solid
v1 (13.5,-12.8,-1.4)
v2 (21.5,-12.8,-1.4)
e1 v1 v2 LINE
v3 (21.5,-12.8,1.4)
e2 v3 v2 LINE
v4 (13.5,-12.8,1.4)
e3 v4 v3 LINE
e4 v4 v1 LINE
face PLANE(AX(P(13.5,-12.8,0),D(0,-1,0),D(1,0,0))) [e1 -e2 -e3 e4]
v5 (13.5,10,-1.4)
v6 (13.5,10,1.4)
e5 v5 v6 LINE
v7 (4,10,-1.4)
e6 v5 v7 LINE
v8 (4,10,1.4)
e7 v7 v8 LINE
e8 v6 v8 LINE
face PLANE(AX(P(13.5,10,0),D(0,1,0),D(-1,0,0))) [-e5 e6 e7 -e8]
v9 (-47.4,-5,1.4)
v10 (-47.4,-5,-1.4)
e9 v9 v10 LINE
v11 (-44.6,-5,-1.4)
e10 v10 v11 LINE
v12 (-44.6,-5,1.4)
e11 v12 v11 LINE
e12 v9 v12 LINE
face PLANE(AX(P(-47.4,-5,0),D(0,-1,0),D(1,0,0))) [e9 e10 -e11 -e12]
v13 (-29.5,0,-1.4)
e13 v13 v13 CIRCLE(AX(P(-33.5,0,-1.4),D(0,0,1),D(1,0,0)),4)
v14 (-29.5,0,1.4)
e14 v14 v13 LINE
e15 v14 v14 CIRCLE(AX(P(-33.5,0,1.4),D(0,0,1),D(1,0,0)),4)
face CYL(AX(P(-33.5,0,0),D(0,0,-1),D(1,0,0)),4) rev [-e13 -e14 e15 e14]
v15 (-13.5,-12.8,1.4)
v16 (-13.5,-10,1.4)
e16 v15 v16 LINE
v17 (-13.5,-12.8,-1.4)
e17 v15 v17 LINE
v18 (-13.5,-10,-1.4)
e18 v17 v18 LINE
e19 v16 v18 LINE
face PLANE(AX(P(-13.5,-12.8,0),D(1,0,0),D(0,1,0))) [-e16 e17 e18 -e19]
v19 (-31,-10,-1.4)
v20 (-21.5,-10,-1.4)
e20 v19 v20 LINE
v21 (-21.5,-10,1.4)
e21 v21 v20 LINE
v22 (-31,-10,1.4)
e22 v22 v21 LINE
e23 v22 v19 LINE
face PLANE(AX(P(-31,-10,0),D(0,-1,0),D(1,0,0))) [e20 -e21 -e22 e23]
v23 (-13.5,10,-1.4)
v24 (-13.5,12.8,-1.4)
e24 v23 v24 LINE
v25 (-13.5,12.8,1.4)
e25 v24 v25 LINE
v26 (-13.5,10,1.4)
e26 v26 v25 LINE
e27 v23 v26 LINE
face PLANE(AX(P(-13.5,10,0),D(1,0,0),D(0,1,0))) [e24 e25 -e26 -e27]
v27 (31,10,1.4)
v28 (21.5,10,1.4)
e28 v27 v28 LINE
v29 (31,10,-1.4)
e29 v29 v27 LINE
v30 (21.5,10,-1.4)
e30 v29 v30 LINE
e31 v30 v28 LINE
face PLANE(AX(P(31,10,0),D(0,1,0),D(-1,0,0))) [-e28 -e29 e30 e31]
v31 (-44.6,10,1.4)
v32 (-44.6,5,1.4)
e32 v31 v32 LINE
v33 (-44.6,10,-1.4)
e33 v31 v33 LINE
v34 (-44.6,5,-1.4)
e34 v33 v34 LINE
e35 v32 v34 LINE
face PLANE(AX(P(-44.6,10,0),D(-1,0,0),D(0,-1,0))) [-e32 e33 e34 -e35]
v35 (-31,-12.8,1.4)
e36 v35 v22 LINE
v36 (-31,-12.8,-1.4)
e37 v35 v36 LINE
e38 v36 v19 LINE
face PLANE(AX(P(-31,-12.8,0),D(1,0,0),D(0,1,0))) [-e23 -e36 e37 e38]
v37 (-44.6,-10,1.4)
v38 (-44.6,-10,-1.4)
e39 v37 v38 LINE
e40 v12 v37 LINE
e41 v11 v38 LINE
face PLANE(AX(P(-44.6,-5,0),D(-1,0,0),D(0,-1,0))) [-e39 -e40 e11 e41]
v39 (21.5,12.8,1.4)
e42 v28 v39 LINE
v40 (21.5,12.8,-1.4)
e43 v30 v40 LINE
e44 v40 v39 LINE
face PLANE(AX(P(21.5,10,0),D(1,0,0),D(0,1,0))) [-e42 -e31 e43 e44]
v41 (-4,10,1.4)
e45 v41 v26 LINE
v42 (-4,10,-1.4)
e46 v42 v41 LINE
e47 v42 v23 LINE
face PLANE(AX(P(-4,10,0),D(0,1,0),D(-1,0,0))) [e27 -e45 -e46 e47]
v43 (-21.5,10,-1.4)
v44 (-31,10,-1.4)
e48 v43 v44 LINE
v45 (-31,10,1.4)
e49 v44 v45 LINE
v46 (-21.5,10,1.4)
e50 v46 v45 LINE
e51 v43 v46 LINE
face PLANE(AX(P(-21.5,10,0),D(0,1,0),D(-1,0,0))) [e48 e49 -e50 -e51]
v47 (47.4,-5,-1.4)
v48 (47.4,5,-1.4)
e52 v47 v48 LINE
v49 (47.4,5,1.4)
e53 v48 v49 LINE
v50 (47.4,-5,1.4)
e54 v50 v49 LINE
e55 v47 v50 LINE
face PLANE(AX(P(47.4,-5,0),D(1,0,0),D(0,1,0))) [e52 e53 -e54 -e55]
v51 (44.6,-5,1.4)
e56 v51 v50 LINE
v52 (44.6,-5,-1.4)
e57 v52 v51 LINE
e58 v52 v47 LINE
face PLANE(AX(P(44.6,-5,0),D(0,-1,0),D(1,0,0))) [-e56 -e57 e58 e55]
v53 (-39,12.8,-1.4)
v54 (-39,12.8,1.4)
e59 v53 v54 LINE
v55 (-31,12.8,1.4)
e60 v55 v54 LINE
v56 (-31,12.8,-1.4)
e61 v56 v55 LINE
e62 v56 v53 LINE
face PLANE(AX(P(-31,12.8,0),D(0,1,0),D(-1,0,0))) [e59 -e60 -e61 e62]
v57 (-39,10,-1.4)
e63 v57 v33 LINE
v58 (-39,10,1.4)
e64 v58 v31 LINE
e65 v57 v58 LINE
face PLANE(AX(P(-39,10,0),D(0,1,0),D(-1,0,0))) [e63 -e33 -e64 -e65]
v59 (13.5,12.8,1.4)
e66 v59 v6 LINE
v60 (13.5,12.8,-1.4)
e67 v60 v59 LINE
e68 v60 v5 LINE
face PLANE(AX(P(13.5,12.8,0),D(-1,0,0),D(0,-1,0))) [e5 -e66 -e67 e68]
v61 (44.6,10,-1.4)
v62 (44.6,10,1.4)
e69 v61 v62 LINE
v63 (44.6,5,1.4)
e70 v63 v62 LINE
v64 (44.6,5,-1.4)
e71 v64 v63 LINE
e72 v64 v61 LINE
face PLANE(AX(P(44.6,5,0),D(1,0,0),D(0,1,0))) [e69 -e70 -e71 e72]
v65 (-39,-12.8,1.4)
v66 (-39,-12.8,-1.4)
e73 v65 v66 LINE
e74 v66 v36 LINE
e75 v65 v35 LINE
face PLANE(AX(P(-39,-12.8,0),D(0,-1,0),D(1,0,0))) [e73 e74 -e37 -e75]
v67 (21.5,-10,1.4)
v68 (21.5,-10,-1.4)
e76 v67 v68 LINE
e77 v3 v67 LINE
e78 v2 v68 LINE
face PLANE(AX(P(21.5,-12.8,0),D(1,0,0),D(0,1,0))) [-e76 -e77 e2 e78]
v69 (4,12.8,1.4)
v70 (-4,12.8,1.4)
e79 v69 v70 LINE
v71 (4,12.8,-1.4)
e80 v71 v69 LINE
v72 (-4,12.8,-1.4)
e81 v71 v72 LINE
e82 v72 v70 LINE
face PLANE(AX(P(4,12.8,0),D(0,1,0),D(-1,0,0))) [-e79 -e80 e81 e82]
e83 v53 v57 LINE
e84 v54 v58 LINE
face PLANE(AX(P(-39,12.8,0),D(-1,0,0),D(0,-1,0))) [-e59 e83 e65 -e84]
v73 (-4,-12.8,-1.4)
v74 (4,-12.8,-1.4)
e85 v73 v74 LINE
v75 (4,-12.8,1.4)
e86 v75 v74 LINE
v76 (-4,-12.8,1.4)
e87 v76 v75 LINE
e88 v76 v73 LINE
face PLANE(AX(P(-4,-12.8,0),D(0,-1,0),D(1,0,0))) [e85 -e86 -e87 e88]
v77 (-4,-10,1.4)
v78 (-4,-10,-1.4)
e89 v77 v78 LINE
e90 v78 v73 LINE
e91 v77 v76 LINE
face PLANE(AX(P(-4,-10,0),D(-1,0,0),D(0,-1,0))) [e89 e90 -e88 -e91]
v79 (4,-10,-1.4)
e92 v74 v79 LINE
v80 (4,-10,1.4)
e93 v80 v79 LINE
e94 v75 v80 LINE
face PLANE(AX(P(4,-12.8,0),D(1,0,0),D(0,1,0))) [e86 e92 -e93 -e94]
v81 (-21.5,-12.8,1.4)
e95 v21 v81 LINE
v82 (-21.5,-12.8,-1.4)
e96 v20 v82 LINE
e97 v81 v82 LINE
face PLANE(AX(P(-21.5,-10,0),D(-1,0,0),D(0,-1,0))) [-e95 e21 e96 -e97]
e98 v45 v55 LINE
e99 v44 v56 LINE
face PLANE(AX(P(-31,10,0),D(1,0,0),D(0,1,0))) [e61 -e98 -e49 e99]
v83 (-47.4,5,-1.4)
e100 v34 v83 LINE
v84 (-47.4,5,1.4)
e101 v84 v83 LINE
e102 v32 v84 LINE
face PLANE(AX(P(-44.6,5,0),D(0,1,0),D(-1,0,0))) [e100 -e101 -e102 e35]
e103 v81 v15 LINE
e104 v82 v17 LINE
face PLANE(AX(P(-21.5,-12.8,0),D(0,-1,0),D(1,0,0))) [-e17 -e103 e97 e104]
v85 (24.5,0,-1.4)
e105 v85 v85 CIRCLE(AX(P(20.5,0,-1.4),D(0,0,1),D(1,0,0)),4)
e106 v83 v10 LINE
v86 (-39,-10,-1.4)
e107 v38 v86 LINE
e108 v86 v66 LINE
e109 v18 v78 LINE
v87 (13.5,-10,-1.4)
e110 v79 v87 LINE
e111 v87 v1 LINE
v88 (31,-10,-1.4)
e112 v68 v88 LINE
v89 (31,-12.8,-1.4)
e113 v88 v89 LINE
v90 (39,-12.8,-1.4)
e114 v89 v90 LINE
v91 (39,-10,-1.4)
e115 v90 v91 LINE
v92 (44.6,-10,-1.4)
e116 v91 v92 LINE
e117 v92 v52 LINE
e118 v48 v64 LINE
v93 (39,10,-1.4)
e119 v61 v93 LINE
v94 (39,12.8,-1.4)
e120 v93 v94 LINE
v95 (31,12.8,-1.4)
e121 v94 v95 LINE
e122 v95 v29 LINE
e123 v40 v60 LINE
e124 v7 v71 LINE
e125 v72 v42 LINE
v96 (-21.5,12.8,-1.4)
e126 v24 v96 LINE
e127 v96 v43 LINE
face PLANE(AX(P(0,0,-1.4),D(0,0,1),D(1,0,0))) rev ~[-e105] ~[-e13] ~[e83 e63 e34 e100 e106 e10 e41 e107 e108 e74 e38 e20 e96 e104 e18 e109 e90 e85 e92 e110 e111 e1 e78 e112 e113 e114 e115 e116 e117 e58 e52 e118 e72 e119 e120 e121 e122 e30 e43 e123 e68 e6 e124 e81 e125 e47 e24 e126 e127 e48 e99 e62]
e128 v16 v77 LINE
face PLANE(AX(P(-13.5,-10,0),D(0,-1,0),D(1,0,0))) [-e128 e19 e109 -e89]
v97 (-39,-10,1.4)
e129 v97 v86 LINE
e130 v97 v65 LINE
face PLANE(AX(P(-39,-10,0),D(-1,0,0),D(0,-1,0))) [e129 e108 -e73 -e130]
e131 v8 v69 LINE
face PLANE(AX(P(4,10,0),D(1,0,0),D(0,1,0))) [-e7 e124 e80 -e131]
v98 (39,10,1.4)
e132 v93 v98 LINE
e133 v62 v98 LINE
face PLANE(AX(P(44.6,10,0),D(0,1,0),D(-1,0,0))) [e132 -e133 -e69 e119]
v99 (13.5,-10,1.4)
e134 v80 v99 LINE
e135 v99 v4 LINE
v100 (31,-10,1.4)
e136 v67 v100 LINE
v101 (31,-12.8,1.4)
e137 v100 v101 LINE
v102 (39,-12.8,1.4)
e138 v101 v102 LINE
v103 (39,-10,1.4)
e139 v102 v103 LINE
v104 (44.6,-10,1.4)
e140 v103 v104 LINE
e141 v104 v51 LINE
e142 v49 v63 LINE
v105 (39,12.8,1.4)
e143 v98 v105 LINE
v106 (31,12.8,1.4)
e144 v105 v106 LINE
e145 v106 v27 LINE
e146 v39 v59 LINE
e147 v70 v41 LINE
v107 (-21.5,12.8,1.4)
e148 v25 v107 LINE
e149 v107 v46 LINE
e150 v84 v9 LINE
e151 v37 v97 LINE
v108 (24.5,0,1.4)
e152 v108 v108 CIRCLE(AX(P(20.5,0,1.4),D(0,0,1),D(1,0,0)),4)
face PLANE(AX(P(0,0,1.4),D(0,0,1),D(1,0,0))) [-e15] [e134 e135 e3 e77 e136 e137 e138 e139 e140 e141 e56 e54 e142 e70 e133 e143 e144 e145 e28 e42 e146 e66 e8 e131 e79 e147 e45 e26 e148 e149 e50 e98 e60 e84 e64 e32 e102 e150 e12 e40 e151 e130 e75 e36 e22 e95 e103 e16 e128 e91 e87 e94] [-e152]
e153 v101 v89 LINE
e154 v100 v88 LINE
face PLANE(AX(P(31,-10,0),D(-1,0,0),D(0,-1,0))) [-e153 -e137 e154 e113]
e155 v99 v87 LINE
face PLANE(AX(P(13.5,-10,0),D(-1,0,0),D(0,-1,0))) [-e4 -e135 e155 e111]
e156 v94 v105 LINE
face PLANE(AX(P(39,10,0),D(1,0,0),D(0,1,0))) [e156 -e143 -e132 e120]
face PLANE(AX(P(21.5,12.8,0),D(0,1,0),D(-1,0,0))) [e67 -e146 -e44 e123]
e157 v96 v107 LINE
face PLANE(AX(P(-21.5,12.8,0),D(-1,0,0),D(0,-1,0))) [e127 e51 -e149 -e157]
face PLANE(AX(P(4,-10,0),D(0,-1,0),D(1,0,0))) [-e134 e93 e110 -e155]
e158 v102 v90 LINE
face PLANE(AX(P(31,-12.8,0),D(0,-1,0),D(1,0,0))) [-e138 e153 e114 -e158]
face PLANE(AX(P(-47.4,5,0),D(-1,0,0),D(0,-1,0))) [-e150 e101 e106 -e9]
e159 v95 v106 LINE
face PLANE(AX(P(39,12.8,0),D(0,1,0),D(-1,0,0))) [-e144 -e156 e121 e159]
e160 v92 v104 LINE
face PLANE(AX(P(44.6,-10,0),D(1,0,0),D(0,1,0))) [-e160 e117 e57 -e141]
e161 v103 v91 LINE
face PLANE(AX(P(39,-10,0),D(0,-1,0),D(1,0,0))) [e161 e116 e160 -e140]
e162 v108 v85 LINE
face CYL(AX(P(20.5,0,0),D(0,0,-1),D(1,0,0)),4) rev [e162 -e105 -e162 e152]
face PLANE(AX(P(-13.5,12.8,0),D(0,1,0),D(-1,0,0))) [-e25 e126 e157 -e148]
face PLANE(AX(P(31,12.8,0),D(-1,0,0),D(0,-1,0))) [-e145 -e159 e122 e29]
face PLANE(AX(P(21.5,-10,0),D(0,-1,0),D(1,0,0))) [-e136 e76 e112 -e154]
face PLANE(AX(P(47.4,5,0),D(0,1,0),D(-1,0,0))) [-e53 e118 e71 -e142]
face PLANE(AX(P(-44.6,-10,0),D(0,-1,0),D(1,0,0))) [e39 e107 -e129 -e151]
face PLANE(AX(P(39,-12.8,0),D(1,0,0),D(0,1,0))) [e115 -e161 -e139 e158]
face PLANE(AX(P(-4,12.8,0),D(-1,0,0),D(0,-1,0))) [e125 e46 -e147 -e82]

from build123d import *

# Parameters (mm, degrees)
SKETCH_1_R      = 4
EXTRUDE_1_DEPTH = 1.4


with BuildPart() as part:
    # Эскиз1 → Бобышка-Вытянуть1 (new, symmetric)
    with BuildSketch(Plane.XY):
        Polygon((39, -10), (44.6, -10), (44.6, -5), (47.4, -5), (47.4, 5), (44.6, 5), (44.6, 10), (39, 10), (39, 12.8), (31, 12.8), (31, 10), (21.5, 10), (21.5, 12.8), (13.5, 12.8), (13.5, 10), (4, 10), (4, 12.8), (-4, 12.8), (-4, 10), (-13.5, 10), (-13.5, 12.8), (-21.5, 12.8), (-21.5, 10), (-31, 10), (-31, 12.8), (-39, 12.8), (-39, 10), (-44.6, 10), (-44.6, 5), (-47.4, 5), (-47.4, -5), (-44.6, -5), (-44.6, -10), (-39, -10), (-39, -12.8), (-31, -12.8), (-31, -10), (-21.5, -10), (-21.5, -12.8), (-13.5, -12.8), (-13.5, -10), (-4, -10), (-4, -12.8), (4, -12.8), (4, -10), (13.5, -10), (13.5, -12.8), (21.5, -12.8), (21.5, -10), (31, -10), (31, -12.8), (39, -12.8), align=None)
        with Locations((20.5, 0)):
            Circle(SKETCH_1_R, mode=Mode.SUBTRACT)
        with Locations((-33.5, 0)):
            Circle(SKETCH_1_R, mode=Mode.SUBTRACT)
    extrude(amount=EXTRUDE_1_DEPTH, both=True)


solid = part.part
